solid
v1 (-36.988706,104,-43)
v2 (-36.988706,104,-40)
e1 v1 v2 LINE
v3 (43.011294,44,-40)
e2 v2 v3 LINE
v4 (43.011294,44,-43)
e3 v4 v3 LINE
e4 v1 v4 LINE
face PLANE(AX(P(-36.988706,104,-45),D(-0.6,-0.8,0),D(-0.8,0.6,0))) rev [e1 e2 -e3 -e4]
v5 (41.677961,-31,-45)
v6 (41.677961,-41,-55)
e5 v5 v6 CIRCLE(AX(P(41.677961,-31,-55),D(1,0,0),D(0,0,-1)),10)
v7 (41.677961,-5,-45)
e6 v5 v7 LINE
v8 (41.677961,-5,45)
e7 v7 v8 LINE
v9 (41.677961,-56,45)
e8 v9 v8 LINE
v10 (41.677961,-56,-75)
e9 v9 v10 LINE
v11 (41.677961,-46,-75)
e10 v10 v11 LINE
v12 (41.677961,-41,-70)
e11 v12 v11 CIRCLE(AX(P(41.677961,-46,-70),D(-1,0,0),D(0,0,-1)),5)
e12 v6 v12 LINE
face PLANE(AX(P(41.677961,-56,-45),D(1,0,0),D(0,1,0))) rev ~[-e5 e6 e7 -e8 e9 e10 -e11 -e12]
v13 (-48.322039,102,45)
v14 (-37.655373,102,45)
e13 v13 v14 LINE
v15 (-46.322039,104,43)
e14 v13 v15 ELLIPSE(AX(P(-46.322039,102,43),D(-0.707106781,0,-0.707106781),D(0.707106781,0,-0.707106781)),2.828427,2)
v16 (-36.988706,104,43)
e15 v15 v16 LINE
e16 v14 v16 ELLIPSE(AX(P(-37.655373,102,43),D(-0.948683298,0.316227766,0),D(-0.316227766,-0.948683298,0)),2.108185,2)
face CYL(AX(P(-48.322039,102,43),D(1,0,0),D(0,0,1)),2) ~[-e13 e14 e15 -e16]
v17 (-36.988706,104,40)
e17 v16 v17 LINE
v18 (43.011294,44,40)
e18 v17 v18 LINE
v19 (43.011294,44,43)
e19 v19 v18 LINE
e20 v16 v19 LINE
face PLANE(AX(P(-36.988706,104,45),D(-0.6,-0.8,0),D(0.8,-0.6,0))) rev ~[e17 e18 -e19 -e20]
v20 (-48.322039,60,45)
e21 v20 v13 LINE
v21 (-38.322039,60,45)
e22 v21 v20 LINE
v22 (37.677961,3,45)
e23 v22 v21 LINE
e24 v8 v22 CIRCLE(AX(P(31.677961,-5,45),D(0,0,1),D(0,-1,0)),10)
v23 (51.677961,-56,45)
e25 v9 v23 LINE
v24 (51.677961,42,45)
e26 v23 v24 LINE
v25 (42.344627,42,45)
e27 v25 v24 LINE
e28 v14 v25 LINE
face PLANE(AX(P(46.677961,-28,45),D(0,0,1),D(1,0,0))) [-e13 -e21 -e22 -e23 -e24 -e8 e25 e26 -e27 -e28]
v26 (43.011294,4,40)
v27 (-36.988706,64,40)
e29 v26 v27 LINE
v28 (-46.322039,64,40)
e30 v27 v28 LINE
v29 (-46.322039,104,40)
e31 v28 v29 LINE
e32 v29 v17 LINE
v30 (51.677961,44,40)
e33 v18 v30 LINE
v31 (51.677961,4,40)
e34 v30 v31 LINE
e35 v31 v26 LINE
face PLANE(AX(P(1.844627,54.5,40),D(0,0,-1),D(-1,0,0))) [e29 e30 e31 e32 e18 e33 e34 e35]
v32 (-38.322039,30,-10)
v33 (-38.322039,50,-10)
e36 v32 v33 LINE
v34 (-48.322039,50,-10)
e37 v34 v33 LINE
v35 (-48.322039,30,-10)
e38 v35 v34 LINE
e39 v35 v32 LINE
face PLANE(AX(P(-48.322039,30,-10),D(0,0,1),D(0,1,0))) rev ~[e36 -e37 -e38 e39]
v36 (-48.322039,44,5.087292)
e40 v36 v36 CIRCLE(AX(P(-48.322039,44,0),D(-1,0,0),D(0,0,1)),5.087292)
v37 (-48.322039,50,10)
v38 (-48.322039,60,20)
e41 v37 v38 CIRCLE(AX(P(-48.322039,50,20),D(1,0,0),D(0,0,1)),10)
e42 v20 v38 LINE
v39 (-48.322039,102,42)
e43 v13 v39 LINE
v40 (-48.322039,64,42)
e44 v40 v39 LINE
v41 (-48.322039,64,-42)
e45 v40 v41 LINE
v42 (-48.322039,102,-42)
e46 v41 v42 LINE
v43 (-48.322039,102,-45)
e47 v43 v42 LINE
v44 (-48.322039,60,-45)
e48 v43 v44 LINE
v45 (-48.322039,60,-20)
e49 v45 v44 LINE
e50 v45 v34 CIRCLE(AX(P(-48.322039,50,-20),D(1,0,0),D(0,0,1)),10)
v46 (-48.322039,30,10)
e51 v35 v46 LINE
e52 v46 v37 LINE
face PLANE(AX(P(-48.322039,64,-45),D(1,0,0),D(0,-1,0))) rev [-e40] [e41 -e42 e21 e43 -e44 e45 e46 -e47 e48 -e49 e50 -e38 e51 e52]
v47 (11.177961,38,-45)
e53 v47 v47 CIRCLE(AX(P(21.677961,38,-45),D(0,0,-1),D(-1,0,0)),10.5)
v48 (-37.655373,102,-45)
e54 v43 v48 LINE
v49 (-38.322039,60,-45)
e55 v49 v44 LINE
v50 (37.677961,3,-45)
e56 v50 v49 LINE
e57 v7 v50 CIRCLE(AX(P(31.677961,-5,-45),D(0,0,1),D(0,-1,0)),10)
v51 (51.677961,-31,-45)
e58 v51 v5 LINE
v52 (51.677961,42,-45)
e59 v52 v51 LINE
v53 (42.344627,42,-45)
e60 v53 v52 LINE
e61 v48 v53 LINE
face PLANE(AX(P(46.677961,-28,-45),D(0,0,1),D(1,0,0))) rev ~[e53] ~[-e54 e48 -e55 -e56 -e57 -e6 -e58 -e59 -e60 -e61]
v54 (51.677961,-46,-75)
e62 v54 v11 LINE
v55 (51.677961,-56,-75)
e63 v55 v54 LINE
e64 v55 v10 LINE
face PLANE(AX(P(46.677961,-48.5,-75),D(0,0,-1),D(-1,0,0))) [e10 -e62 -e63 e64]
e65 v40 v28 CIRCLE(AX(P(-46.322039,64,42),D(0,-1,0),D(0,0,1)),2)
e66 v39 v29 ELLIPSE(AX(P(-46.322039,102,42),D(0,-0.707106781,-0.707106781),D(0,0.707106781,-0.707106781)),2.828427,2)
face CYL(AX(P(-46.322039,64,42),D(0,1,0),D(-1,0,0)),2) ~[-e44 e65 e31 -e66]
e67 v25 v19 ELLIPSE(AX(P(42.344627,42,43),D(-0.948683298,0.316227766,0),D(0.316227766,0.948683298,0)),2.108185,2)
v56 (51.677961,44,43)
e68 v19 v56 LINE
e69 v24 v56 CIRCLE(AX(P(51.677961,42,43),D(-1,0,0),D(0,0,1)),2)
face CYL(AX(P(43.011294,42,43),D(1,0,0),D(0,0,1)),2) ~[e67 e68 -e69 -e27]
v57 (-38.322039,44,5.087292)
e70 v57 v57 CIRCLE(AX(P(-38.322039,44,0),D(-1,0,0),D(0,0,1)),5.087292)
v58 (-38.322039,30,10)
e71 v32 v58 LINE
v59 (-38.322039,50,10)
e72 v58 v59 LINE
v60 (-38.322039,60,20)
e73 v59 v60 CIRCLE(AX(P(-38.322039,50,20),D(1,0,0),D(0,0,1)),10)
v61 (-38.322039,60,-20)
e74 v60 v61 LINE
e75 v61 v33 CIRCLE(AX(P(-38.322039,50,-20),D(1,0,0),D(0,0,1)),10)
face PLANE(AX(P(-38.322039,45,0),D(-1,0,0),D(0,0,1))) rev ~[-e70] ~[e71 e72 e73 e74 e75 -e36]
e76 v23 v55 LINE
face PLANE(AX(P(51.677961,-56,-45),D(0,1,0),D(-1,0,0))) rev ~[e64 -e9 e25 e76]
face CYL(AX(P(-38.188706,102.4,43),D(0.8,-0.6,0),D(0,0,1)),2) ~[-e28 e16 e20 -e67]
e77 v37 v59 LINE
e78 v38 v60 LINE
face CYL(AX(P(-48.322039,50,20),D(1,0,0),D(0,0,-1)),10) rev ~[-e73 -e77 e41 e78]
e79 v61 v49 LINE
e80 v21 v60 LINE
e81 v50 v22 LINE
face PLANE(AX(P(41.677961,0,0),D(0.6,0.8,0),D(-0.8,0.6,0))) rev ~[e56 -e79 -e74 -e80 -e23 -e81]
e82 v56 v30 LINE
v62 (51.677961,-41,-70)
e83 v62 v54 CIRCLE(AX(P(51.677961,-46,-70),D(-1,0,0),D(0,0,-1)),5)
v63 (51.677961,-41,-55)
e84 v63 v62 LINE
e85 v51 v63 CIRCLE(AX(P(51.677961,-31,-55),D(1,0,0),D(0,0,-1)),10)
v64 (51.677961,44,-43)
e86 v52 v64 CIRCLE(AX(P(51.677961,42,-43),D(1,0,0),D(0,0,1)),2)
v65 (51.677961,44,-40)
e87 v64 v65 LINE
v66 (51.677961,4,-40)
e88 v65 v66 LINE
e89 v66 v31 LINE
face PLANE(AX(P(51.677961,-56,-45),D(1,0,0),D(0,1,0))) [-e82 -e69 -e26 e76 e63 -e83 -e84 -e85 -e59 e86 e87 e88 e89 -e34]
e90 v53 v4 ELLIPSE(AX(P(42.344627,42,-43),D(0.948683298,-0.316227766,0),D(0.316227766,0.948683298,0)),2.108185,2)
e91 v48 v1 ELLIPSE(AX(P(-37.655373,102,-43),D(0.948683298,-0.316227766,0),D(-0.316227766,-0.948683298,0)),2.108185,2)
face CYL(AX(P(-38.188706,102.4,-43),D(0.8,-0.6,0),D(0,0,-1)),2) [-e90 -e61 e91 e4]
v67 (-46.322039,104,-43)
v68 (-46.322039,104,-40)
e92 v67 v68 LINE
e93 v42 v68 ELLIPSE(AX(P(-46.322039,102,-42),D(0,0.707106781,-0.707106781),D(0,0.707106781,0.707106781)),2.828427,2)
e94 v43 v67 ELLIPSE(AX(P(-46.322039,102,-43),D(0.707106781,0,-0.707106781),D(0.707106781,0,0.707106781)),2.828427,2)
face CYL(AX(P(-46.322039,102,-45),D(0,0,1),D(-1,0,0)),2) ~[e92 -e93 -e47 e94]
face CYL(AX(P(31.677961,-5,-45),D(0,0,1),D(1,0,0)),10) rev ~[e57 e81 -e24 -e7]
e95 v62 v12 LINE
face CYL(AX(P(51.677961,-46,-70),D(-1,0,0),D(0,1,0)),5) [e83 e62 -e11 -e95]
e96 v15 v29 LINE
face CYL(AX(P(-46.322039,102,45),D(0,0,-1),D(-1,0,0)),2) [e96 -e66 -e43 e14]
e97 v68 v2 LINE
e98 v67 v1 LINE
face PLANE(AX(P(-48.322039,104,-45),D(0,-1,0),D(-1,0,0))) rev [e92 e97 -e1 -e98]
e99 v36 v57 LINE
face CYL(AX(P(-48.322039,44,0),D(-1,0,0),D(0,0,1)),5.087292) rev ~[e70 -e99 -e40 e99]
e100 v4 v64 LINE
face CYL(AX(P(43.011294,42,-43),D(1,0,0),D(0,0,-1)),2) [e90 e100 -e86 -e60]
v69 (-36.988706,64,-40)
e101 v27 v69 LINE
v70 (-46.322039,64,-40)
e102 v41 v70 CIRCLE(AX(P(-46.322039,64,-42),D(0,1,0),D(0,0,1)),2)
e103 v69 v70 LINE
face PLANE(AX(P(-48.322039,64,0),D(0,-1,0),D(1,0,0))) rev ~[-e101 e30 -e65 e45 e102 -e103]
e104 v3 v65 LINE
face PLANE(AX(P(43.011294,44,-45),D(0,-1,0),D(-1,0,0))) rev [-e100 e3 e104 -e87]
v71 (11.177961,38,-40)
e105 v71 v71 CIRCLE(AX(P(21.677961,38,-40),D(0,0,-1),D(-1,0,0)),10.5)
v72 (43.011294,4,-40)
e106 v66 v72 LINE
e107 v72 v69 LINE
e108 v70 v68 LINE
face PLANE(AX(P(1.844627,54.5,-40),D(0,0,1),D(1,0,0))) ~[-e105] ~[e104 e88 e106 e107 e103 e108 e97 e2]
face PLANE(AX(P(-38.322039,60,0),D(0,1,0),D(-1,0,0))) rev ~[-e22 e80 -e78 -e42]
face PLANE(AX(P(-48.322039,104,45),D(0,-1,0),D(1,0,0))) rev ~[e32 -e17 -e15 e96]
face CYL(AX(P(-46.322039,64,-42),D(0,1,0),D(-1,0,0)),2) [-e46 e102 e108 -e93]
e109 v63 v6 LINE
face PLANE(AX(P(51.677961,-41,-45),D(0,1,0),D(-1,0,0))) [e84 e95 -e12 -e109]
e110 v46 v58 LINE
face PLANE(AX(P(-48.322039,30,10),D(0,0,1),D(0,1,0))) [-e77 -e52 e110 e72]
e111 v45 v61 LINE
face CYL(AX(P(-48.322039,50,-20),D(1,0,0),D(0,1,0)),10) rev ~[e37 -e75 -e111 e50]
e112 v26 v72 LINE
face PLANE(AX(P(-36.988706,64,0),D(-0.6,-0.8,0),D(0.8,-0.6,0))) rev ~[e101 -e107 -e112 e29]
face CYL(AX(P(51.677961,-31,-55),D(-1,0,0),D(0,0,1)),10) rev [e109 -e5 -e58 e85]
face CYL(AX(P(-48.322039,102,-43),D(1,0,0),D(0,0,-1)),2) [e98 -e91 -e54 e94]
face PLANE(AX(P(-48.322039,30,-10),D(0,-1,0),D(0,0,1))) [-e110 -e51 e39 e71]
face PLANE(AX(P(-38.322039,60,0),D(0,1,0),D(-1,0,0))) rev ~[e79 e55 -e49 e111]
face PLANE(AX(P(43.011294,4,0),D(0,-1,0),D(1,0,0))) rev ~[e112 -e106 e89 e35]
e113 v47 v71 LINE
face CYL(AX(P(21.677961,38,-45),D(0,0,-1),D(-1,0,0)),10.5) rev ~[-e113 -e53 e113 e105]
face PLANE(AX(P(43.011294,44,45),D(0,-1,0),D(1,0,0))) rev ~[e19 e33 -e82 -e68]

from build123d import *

# Parameters (mm, degrees)
BOSS_EXTRUDE1_DEPTH = 45
BOSS_EXTRUDE2_DEPTH = 5
CUT_EXTRUDE1_REACH  = 148.924
SKETCH3_R           = 10.5
SKETCH5_W           = 20
SKETCH5_H           = 30
BOSS_EXTRUDE3_DEPTH = 10
SKETCH6_R           = 5.087291531
CUT_EXTRUDE2_DEPTH  = 10
SKETCH8_W           = 10
SKETCH8_H           = 56
BOSS_EXTRUDE4_DEPTH = 90
FILLET1_R           = 10
FILLET2_R           = 10
FILLET3_R           = 2
SKETCH9_W           = 10
SKETCH9_H           = 15
BOSS_EXTRUDE5_DEPTH = 30
FILLET4_R           = 10
FILLET5_R           = 5


with BuildPart() as part:
    # Sketch1 → Boss-Extrude1 (new, symmetric)
    with BuildSketch(Plane.XY):
        Polygon((41.677960524, 0), (-38.322039476, 60), (-48.322039476, 60), (-48.322039476, 64), (-36.988706143, 64), (43.011293857, 4), (51.677960524, 4), (51.677960524, 0), align=None)
    extrude(amount=BOSS_EXTRUDE1_DEPTH, both=True)

    # Sketch2 → Boss-Extrude2 (add)
    with BuildSketch(Plane.XY.offset(45)):
        Polygon((-48.322039476, 64), (-48.322039476, 104), (-36.988706143, 104), (43.011293857, 44), (51.677960524, 44), (51.677960524, 4), (43.011293857, 4), (-36.988706143, 64), align=None)
    boss_extrude2 = extrude(amount=-BOSS_EXTRUDE2_DEPTH)

    # Mirror1: Boss-Extrude2 across plane
    add(boss_extrude2.mirror(Plane.XY))

    # Sketch3 → Cut-Extrude1 (cut, up to next)
    with BuildSketch(Plane(origin=(0, 0, -45), x_dir=(-1, 0, 0), z_dir=(0, 0, -1)), mode=Mode.PRIVATE) as cut_extrude1_sk1:
        with Locations((-21.677960524, 38)):
            Circle(SKETCH3_R)
    cut_extrude1_tool1 = extrude(cut_extrude1_sk1.sketch, amount=-CUT_EXTRUDE1_REACH, mode=Mode.PRIVATE) & part.part
    add(cut_extrude1_tool1.solids().sort_by_distance((21.677961, 38, -45))[0], mode=Mode.SUBTRACT)

    # Sketch5 → Boss-Extrude3 (add)
    with BuildSketch(Plane.ZY.offset(48.322039476)):
        with Locations((0, 45)):
            Rectangle(SKETCH5_W, SKETCH5_H)
    extrude(amount=-BOSS_EXTRUDE3_DEPTH)

    # Sketch6 → Cut-Extrude2 (cut)
    with BuildSketch(Plane.ZY.offset(48.322039476)):
        with Locations((0, 44)):
            Circle(SKETCH6_R)
    extrude(amount=-CUT_EXTRUDE2_DEPTH, mode=Mode.SUBTRACT)

    # Sketch8 → Boss-Extrude4 (add)
    with BuildSketch(Plane.XY.offset(45)):
        with Locations((46.677960524, -28)):
            Rectangle(SKETCH8_W, SKETCH8_H)
    extrude(amount=-BOSS_EXTRUDE4_DEPTH)

    # Fillet1
    fillet1_edges = [part.edges().sort_by_distance(p)[0] for p in [
        (-43.322039476, 60, -10),
        (-43.322039476, 60, 10),
    ]]
    fillet(fillet1_edges, radius=FILLET1_R)

    # Fillet2
    fillet2_edges = [part.edges().sort_by_distance(p)[0] for p in [
        (41.677960524, 0, 0),
    ]]
    fillet(fillet2_edges, radius=FILLET2_R)

    # Fillet3
    fillet3_edges = [part.edges().sort_by_distance(p)[0] for p in [
        (-48.322039476, 84, 40),
        (-48.322039476, 104, 42.5),
        (47.344627191, 44, 45),
        (3.011293857, 74, 45),
        (-42.655372809, 104, 45),
        (47.344627191, 44, -45),
        (3.011293857, 74, -45),
        (-42.655372809, 104, -45),
        (-48.322039476, 104, -42.5),
        (-48.322039476, 84, -40),
    ]]
    fillet(fillet3_edges, radius=FILLET3_R)

    # Sketch9 → Boss-Extrude5 (add)
    with BuildSketch(Plane(origin=(0, 0, -45), x_dir=(-1, 0, 0), z_dir=(0, 0, -1))):
        with Locations((-46.677960524, -48.5)):
            Rectangle(SKETCH9_W, SKETCH9_H)
    extrude(amount=BOSS_EXTRUDE5_DEPTH)

    # Fillet4
    fillet4_edges = [part.edges().sort_by_distance(p)[0] for p in [
        (46.677960524, -41, -45),
    ]]
    fillet(fillet4_edges, radius=FILLET4_R)

    # Fillet5
    fillet5_edges = [part.edges().sort_by_distance(p)[0] for p in [
        (46.677960524, -41, -75),
    ]]
    fillet(fillet5_edges, radius=FILLET5_R)


solid = part.part
